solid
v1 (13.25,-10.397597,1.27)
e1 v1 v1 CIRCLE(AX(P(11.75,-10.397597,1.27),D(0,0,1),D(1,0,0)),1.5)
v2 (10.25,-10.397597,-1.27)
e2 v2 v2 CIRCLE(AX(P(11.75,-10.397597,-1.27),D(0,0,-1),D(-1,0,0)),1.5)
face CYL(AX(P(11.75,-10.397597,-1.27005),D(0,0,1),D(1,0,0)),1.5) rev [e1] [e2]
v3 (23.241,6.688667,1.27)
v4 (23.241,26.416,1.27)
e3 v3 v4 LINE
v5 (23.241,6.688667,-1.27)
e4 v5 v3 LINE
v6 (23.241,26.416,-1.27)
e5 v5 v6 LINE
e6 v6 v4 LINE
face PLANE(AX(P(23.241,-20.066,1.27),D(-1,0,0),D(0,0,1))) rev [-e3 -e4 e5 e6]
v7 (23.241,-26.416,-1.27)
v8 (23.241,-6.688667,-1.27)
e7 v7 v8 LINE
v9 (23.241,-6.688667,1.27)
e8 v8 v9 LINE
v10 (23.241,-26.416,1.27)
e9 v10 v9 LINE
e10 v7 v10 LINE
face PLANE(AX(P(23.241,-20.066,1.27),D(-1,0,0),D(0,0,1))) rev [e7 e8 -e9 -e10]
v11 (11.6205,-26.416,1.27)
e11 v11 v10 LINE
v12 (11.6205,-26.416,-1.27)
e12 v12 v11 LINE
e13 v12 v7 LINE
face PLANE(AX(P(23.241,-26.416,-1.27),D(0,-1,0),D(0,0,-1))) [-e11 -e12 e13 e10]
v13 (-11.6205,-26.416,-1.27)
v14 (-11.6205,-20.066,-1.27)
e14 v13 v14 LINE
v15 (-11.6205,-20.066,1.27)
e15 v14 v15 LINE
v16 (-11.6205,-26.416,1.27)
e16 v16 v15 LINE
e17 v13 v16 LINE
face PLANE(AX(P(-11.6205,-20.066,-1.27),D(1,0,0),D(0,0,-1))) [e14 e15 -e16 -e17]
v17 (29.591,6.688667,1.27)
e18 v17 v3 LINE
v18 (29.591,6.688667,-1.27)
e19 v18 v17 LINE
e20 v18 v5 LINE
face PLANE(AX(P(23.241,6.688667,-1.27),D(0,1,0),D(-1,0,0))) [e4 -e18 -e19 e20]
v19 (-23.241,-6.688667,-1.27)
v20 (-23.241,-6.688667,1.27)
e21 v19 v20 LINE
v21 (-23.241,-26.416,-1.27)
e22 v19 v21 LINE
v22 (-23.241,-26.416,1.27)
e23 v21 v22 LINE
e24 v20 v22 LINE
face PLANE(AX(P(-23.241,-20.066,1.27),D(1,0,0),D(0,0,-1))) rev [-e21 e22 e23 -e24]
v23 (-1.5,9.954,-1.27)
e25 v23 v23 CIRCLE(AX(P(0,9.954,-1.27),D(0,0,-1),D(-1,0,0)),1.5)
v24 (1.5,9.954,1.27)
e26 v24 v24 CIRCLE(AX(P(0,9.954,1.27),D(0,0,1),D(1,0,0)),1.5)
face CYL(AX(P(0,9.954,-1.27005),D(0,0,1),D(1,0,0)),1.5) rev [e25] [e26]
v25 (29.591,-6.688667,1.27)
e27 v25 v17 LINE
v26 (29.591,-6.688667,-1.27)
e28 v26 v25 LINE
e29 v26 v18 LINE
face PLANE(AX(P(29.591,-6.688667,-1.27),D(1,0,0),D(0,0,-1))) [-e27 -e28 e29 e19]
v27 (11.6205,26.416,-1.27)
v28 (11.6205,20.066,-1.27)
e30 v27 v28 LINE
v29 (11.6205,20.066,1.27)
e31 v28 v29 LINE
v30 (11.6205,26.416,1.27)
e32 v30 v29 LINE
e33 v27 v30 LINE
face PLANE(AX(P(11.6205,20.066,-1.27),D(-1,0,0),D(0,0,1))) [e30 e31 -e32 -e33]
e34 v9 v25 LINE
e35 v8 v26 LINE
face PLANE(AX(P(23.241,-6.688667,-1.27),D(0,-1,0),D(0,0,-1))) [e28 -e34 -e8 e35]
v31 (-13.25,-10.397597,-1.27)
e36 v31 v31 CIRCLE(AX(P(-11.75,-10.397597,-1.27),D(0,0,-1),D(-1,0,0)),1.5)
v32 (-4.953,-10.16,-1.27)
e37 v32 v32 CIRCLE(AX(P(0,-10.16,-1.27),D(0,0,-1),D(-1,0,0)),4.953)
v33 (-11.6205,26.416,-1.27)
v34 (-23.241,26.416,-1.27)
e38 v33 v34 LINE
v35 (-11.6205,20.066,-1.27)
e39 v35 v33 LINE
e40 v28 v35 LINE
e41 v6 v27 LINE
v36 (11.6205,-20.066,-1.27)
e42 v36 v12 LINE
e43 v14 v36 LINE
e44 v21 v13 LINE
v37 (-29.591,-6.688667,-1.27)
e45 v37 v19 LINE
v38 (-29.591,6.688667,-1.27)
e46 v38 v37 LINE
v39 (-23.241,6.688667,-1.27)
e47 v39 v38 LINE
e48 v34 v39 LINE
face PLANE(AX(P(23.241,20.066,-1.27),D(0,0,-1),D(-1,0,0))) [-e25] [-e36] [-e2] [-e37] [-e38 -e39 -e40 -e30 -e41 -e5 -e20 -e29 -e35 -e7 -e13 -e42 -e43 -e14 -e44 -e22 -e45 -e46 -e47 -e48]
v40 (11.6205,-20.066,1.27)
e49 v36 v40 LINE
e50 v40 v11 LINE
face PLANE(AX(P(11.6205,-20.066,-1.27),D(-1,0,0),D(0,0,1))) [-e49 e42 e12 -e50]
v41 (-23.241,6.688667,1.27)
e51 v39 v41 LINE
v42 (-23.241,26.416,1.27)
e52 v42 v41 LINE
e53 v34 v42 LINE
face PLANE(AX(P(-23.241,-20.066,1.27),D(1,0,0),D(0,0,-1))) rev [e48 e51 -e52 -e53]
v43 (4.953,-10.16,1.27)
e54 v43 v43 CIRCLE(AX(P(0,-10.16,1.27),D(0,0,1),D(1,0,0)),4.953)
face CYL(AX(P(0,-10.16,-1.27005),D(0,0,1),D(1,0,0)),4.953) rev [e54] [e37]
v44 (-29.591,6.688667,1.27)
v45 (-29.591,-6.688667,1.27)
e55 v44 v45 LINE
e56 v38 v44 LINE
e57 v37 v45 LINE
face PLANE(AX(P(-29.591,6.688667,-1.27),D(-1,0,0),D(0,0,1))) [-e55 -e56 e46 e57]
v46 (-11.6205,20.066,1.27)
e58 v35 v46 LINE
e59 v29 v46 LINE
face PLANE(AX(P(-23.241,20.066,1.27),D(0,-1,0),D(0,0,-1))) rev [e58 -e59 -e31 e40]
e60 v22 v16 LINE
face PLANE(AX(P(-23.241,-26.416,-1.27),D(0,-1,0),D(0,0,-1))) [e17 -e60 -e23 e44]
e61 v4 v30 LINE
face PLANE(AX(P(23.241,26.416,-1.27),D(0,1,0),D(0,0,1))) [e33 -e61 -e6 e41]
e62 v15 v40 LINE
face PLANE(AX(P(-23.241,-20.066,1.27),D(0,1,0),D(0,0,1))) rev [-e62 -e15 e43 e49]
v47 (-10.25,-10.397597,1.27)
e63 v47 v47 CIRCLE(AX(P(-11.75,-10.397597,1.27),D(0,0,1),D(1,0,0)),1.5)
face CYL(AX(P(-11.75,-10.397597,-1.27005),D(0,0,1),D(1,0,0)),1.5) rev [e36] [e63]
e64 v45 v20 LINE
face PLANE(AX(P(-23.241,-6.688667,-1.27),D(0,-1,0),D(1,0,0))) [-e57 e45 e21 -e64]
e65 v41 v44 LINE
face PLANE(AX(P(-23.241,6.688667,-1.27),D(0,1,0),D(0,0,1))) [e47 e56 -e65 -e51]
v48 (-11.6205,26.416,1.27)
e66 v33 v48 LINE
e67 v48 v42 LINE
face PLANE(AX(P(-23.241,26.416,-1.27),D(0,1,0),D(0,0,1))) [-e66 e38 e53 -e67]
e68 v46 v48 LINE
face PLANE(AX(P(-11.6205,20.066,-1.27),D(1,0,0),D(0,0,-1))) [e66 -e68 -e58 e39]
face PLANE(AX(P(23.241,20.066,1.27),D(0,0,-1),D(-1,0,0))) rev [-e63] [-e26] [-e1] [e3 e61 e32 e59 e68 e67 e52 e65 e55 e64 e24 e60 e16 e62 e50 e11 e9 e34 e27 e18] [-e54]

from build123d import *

# Parameters (mm, degrees)
SKETCH1_W           = 46.482
SKETCH1_H           = 40.132
BOSS_EXTRUDE1_DEPTH = 1.27
SKETCH2_W           = 11.6205
SKETCH2_H           = 6.35
SKETCH2_W_2         = 6.35
SKETCH2_H_2         = 13.377333334
BOSS_EXTRUDE2_DEPTH = 2.54
SKETCH3_R           = 1.5
SKETCH3_R_2         = 4.953
CUT_EXTRUDE1_DEPTH  = 3.54


with BuildPart() as part:
    # Sketch1 → Boss-Extrude1 (new body, symmetric)
    with BuildSketch(Plane.XY):
        Rectangle(SKETCH1_W, SKETCH1_H)
    extrude(amount=BOSS_EXTRUDE1_DEPTH, both=True)

    # Sketch2 → Boss-Extrude2 (add, through all)
    with BuildSketch(Plane.XY.offset(1.27)):
        with Locations((-17.43075, 23.241)):
            Rectangle(SKETCH2_W, SKETCH2_H)
        with Locations((17.43075, 23.241)):
            Rectangle(SKETCH2_W, SKETCH2_H)
        with Locations((-26.416, 0)):
            Rectangle(SKETCH2_W_2, SKETCH2_H_2)
        with Locations((26.416, 0)):
            Rectangle(SKETCH2_W_2, SKETCH2_H_2)
        with Locations((-17.43075, -23.241)):
            Rectangle(SKETCH2_W, SKETCH2_H)
        with Locations((17.43075, -23.241)):
            Rectangle(SKETCH2_W, SKETCH2_H)
    extrude(amount=-BOSS_EXTRUDE2_DEPTH)

    # Sketch3 → Cut-Extrude1 (cut, through all)
    with BuildSketch(Plane.XY.offset(1.27)):
        with Locations((0, 9.954)):
            Circle(SKETCH3_R)
        with Locations((0, -10.16)):
            Circle(SKETCH3_R_2)
        with Locations((-11.75, -10.397596989)):
            Circle(SKETCH3_R)
        with Locations((11.75, -10.397596989)):
            Circle(SKETCH3_R)
    extrude(amount=-CUT_EXTRUDE1_DEPTH, mode=Mode.SUBTRACT)


solid = part.part
